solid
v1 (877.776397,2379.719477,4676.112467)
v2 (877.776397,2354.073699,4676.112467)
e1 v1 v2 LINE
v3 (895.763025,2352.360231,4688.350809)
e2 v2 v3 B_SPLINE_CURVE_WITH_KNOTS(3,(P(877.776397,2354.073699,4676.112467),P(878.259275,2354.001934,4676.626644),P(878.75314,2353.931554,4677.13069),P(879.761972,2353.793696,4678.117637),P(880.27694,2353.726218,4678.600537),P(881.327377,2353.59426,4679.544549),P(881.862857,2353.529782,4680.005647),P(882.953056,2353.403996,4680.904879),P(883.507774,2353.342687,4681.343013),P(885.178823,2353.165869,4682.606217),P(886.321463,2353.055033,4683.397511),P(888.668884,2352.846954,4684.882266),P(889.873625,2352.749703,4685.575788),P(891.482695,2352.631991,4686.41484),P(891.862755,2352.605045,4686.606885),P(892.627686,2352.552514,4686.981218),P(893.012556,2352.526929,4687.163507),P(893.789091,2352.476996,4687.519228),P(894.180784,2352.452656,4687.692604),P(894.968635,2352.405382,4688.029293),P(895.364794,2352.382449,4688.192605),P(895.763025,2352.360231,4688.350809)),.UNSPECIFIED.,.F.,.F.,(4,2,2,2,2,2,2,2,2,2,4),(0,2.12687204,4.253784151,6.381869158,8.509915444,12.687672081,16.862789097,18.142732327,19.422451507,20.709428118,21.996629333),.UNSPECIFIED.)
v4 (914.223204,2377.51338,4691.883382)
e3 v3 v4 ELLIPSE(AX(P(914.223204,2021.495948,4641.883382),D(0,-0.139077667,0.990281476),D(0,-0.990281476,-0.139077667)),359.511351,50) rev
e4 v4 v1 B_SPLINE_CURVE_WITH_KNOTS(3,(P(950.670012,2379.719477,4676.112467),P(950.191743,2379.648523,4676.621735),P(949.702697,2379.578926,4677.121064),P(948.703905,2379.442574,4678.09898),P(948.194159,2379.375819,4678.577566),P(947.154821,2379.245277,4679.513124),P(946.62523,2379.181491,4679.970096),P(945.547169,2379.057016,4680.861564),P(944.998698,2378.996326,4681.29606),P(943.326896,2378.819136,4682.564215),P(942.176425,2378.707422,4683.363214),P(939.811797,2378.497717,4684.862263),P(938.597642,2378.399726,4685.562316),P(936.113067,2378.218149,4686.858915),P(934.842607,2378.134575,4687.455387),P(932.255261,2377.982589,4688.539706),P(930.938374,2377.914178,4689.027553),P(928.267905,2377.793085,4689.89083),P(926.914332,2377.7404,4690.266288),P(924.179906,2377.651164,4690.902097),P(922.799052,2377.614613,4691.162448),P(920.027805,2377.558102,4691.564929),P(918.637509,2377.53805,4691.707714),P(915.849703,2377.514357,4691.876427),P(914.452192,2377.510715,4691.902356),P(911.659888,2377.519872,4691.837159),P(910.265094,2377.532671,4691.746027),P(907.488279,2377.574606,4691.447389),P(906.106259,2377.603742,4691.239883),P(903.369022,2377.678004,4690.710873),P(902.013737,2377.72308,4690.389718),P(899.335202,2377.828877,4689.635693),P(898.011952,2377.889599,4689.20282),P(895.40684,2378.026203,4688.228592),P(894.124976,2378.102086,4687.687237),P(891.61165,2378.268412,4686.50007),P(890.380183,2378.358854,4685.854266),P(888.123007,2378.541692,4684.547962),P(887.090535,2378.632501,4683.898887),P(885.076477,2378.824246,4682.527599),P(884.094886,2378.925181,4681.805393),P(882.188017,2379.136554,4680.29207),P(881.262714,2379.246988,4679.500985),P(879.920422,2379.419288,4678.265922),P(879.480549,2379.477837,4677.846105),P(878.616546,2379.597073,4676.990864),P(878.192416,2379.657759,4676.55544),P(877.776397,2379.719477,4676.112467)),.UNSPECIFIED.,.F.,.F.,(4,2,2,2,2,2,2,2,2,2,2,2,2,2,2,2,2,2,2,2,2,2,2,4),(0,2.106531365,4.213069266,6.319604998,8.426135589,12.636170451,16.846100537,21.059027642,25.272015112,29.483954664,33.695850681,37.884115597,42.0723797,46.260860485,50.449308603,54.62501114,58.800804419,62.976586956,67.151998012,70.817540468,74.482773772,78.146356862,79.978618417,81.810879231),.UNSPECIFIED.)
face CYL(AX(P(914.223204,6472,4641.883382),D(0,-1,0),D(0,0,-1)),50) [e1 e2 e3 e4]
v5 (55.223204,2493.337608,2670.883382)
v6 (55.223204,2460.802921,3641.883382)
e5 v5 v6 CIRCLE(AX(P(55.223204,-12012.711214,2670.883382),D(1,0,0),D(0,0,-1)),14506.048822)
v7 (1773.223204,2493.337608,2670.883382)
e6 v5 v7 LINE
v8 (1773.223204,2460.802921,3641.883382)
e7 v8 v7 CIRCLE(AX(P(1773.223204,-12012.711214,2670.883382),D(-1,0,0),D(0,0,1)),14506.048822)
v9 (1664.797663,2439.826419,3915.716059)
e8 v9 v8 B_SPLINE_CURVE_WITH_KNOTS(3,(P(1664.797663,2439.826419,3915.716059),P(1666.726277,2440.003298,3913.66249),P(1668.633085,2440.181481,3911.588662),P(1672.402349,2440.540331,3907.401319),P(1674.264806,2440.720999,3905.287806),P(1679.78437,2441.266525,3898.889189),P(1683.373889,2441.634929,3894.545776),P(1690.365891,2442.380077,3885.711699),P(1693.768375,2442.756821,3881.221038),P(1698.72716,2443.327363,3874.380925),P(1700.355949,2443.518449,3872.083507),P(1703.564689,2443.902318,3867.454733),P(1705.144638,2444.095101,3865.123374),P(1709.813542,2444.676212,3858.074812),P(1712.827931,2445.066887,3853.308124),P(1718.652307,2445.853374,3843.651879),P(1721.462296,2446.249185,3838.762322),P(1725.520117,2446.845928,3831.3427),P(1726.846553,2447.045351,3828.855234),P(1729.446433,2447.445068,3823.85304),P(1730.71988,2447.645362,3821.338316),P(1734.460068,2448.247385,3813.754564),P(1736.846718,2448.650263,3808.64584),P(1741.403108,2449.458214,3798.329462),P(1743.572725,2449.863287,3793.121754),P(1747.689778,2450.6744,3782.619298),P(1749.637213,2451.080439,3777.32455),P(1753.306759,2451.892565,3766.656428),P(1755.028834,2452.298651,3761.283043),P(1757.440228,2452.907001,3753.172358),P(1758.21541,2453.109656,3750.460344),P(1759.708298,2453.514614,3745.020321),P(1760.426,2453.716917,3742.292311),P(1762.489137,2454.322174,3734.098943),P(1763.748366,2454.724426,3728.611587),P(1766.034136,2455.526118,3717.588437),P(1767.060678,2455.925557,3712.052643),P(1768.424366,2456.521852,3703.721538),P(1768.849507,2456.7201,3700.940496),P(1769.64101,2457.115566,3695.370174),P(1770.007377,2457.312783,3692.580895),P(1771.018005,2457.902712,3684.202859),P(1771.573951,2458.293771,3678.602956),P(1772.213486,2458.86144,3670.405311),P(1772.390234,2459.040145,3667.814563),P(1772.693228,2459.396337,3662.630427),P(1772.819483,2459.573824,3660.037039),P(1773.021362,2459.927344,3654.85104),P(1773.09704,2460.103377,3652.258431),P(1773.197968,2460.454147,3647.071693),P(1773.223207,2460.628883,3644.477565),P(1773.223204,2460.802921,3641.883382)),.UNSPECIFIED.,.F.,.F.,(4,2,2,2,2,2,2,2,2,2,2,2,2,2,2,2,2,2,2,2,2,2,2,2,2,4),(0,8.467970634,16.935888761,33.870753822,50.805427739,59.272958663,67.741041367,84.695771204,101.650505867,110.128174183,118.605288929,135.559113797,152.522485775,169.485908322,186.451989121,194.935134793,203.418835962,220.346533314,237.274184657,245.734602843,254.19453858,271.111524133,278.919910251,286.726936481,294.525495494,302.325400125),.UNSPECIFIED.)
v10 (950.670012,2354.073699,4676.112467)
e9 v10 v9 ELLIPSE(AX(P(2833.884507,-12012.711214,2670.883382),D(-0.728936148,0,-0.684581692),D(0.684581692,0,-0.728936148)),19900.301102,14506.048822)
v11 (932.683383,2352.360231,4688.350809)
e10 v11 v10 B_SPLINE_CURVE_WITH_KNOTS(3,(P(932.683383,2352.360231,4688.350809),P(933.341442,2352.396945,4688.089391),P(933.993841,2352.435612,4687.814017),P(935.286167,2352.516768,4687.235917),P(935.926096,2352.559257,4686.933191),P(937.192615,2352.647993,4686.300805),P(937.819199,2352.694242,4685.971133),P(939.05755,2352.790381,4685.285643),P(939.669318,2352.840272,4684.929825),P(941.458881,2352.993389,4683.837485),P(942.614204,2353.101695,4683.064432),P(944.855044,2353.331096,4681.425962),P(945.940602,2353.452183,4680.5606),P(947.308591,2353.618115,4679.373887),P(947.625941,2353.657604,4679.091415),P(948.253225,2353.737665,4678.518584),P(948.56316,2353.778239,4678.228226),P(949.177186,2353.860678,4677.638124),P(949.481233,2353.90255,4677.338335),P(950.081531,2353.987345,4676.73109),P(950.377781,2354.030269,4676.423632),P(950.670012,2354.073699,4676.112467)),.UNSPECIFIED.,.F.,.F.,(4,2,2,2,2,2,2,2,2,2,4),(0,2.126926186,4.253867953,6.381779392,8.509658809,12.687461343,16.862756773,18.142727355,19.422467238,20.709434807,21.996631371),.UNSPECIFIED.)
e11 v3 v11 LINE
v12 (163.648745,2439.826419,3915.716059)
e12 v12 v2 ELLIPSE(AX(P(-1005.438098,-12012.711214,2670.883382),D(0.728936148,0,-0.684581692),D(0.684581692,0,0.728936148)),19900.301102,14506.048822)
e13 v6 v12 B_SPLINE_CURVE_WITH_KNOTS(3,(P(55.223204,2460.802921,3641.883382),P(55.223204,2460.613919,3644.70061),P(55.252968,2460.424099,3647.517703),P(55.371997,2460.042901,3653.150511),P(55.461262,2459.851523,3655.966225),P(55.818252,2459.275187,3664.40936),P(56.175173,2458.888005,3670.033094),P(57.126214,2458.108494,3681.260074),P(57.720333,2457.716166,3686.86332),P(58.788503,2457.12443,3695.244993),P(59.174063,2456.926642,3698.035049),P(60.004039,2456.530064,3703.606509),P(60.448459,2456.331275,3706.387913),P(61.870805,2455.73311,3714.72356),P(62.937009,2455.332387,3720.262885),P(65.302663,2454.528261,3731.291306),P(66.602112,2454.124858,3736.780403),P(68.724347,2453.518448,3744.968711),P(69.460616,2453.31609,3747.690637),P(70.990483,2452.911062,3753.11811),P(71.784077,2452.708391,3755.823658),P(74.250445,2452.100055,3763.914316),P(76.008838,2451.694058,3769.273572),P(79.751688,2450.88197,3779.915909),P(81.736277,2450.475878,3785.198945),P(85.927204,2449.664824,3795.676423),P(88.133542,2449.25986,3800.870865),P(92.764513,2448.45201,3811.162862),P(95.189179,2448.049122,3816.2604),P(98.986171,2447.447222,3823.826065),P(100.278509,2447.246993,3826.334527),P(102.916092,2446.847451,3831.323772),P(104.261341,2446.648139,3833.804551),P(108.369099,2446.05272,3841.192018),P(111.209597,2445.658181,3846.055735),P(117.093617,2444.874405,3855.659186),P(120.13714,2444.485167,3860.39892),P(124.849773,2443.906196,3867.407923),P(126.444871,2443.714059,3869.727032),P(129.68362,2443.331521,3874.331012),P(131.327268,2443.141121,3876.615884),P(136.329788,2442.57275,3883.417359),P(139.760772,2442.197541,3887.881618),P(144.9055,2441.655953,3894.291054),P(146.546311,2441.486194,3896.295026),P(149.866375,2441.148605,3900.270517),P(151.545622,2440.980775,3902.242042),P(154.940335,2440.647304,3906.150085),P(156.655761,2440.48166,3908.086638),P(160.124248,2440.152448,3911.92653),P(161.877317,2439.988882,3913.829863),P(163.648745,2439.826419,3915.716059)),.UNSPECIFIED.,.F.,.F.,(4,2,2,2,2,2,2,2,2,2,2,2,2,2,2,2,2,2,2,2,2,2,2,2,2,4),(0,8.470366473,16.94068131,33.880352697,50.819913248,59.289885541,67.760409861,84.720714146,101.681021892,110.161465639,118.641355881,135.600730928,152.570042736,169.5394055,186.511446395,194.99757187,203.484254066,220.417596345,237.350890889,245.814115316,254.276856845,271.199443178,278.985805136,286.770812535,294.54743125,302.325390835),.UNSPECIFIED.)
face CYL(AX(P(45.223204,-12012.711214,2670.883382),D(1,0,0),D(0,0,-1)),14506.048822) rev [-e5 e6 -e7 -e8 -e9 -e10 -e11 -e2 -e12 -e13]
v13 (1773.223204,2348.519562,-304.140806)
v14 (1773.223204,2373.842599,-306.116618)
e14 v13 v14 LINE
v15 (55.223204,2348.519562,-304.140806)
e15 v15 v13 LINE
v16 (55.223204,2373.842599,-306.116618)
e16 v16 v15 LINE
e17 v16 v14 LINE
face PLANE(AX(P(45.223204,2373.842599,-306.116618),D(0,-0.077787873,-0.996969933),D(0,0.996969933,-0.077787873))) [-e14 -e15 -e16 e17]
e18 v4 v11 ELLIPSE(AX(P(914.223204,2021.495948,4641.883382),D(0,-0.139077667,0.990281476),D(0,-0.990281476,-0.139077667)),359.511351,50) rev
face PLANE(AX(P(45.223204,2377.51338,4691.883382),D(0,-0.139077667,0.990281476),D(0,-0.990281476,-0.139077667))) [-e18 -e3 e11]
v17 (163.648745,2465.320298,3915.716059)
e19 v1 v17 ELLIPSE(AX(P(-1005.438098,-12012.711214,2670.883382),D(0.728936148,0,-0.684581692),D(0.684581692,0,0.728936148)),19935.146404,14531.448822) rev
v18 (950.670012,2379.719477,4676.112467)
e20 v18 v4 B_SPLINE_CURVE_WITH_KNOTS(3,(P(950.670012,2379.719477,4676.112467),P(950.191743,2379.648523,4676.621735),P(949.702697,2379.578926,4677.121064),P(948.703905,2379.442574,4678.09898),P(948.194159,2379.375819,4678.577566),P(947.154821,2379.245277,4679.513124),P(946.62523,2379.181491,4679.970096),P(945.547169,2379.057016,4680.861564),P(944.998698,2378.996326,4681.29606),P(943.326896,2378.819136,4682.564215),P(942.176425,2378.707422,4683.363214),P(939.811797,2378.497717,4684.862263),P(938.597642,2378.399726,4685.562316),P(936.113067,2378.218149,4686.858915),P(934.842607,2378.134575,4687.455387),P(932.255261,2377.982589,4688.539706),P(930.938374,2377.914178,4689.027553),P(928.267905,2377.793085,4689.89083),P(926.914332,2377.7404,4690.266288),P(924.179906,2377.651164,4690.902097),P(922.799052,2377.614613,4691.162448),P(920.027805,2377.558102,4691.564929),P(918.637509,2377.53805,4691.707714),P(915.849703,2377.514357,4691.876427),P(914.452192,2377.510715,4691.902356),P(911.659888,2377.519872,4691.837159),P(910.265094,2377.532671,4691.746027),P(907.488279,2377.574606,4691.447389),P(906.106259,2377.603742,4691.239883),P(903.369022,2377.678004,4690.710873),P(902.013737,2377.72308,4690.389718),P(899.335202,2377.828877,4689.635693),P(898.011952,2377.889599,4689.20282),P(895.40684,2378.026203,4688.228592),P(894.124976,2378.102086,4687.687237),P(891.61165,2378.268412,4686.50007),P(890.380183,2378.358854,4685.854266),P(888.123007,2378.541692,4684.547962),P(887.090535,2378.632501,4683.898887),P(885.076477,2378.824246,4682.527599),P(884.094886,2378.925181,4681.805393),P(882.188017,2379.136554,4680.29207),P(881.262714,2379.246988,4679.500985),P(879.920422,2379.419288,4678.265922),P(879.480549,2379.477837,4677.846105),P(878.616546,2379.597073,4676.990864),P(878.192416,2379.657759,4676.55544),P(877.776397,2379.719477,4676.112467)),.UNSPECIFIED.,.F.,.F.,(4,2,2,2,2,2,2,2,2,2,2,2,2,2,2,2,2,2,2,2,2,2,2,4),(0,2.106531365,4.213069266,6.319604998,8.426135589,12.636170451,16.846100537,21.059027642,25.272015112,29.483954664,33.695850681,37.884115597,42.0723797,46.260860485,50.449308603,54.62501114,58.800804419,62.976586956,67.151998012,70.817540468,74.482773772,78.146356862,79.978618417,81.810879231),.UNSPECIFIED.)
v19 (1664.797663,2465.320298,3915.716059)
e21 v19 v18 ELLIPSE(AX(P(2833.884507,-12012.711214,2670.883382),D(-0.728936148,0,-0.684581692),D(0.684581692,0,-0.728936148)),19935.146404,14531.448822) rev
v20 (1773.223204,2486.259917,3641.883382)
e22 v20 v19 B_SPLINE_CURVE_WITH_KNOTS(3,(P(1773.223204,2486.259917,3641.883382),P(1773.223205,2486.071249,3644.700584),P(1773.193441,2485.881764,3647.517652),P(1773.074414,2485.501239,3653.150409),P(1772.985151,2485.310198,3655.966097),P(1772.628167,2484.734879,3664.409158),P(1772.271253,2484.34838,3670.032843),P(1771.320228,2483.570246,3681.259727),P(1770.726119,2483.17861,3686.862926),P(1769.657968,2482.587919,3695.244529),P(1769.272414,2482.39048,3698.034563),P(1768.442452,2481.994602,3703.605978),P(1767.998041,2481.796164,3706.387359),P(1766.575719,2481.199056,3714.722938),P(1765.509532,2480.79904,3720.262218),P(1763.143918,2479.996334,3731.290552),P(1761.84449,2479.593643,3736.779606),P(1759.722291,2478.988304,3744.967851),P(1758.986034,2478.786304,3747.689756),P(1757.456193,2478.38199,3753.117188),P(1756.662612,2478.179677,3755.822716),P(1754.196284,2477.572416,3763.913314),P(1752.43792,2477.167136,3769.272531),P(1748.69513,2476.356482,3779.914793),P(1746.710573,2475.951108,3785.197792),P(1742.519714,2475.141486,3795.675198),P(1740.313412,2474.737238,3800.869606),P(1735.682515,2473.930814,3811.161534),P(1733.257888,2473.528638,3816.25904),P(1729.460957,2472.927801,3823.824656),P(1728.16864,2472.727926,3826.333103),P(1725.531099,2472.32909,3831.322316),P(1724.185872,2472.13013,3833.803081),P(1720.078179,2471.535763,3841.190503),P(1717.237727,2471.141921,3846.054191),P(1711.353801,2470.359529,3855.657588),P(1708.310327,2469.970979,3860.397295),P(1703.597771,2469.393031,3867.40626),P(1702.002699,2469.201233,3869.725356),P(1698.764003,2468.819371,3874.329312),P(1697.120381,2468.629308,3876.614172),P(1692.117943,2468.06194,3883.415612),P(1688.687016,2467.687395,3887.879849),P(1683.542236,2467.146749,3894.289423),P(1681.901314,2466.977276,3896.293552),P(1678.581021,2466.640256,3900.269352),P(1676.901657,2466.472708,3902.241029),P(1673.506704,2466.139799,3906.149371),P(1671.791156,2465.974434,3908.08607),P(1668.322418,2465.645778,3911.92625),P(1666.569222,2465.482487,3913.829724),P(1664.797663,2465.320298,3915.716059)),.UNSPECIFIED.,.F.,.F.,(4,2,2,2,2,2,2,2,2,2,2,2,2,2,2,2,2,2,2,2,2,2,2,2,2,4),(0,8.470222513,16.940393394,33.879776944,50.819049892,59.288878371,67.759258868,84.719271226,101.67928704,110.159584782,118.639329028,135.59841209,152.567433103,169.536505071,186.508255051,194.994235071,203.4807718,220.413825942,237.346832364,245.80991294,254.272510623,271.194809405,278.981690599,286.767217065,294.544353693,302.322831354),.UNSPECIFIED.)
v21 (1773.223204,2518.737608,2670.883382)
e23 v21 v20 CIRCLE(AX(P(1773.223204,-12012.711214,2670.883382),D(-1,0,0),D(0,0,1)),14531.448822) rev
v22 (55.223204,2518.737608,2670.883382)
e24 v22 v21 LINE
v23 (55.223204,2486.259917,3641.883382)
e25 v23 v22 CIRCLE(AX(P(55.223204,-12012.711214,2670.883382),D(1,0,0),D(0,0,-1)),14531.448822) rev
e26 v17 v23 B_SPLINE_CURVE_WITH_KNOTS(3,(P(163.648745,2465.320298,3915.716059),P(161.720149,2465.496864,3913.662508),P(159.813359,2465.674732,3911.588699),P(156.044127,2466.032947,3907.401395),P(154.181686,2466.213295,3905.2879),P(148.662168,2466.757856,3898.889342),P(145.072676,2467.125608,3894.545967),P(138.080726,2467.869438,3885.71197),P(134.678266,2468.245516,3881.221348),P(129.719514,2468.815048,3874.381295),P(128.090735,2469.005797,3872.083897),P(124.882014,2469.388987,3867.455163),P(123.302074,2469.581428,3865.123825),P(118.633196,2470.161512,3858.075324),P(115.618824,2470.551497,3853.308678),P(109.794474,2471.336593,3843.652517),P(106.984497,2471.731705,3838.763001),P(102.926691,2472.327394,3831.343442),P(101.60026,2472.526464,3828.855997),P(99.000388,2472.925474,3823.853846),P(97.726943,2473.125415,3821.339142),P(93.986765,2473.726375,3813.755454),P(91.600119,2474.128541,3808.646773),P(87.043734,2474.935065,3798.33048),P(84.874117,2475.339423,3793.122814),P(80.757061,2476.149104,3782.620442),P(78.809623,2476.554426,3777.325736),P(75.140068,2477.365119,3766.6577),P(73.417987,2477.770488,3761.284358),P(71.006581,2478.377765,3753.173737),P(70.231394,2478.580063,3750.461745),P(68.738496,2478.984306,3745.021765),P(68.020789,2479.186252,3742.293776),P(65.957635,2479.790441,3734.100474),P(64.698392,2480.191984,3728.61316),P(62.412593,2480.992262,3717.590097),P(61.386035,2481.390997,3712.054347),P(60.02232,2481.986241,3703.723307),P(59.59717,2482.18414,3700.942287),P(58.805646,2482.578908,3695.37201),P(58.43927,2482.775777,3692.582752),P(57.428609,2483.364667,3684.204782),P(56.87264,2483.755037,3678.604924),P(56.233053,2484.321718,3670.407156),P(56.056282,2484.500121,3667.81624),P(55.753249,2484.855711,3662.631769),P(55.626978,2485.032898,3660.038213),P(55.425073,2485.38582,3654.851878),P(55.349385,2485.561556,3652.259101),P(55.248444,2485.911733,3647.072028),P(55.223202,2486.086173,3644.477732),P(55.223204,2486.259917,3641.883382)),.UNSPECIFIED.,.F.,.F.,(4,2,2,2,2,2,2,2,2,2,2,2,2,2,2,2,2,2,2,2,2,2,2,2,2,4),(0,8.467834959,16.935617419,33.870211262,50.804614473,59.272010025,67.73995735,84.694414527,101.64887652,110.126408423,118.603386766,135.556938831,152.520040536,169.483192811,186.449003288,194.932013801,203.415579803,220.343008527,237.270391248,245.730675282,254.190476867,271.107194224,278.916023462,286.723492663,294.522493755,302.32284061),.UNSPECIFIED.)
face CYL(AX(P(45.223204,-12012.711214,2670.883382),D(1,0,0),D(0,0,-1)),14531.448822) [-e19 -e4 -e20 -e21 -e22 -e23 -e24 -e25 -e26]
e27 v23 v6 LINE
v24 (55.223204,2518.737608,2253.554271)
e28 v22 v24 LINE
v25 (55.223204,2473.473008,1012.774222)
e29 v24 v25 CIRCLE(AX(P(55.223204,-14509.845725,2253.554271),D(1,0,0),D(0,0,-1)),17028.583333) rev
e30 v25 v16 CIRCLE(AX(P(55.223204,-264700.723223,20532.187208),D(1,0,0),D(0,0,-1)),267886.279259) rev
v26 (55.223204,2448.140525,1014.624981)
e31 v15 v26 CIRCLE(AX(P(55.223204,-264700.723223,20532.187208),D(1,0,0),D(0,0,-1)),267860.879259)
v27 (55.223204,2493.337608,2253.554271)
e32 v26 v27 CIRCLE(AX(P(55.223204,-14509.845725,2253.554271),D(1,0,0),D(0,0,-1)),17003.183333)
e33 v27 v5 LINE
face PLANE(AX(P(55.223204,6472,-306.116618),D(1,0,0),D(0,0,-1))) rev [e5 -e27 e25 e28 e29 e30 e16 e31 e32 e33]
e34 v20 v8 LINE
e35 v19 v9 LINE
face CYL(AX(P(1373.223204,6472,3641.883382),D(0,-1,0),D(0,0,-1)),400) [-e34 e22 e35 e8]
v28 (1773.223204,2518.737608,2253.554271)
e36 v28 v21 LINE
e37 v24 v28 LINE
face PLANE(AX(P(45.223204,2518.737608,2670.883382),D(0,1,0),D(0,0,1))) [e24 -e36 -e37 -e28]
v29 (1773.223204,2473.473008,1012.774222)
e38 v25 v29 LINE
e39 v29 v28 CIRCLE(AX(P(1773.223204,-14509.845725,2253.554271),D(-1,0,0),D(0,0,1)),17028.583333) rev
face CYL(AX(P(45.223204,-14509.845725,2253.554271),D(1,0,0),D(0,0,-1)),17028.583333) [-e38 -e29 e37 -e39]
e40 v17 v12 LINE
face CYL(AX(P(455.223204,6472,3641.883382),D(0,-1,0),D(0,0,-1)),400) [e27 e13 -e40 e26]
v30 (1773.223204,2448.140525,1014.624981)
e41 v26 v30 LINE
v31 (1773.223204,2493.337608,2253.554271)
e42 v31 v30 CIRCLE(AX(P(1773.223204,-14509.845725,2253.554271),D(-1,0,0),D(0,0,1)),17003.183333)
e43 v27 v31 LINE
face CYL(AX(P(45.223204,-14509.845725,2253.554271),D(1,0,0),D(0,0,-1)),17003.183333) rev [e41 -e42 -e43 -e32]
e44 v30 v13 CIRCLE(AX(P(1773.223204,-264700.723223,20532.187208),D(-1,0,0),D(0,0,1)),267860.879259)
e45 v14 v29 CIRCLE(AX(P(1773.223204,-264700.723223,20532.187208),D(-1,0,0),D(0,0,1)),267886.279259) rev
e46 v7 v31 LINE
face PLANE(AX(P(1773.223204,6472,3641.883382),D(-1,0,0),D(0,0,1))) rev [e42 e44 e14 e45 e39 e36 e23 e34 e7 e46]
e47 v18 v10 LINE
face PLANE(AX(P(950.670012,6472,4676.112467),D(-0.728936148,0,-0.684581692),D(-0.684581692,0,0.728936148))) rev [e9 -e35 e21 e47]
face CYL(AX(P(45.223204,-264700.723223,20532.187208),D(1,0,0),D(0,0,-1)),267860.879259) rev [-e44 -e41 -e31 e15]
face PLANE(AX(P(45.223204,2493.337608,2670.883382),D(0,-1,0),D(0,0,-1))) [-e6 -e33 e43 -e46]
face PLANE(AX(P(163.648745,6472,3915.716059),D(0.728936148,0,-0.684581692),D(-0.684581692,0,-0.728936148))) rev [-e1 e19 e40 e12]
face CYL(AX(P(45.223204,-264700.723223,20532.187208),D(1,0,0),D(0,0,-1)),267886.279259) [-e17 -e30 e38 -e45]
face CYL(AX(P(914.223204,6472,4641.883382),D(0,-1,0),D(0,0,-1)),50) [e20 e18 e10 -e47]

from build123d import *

# Parameters (mm, degrees)
BOSS_EXTRUDE1_DEPTH      = 1562
BOSS_EXTRUDE1_DEPTH_BACK = 176
SKETCH2_W                = 3363.575860712
SKETCH2_H                = 5970.454949978
CUT_EXTRUDE2_DEPTH       = 6472


with BuildPart() as part:
    # Sketch1 → Boss-Extrude1 (new, two sides: drawn at the far end of the back side and taken through both)
    with BuildSketch(Plane(origin=(221.223204368, 2174.889348435, 3089.353639068), x_dir=(0, 0, -1), z_dir=(1, 0, 0)).offset(-BOSS_EXTRUDE1_DEPTH_BACK)):
        with BuildLine():
            Line((418.470256952, 343.848259545), (835.79936838, 343.848259545))
            ThreePointArc((835.79936838, 343.848259545), (1134.545393582, 341.22748792), (1433.199462208, 333.365979742))
            ThreePointArc((1433.199462208, 333.365979742), (1566.571910766, 328.160677129), (1699.899462208, 321.910138249))
            ThreePointArc((1699.899462208, 321.910138249), (1888.304064269, 311.290467655), (2076.579417193, 298.58365992))
            ThreePointArc((2076.579417193, 298.58365992), (2736.086325953, 249.582434707), (3395.470256952, 198.953250272))
            Line((3395.470256952, 198.953250272), (3393.494444982, 173.63021398))
            ThreePointArc((3393.494444982, 173.63021398), (2734.173034363, 224.25459794), (2074.728657642, 273.251177036))
            ThreePointArc((2074.728657642, 273.251177036), (1886.73413806, 285.939031173), (1698.61056213, 296.542861364))
            ThreePointArc((1698.61056213, 296.542861364), (1565.481883357, 302.784076879), (1432.308374436, 307.981615212))
            ThreePointArc((1432.308374436, 307.981615212), (1134.099781114, 315.831397088), (835.79936838, 318.448259545))
            Line((835.79936838, 318.448259545), (418.470256952, 318.448259545))
            ThreePointArc((418.470256952, 318.448259545), (-592.723275589, 283.160995459), (-1598.997170307, 177.470882066))
            Line((-1598.997170307, 177.470882066), (-1602.529743048, 202.624031567))
            ThreePointArc((-1602.529743048, 202.624031567), (-594.493869087, 308.499207682), (418.470256952, 343.848259545))
        make_face()
    extrude(amount=BOSS_EXTRUDE1_DEPTH + BOSS_EXTRUDE1_DEPTH_BACK)

    # Sketch2 → Cut-Extrude2 (cut)
    with BuildSketch(Plane(origin=(0, 0, 0), x_dir=(1, 0, 0), z_dir=(0, 1, 0))):
        with Locations((788.511086427, -1905.513066648)):
            Rectangle(SKETCH2_W, SKETCH2_H)
        with BuildLine():
            Line((950.670011749, -4676.112466704), (1664.797663416, -3915.71605882))
            ThreePointArc((1664.797663416, -3915.71605882), (1745.130305415, -3789.142025972), (1773.223204368, -3641.883382116))
            Line((1773.223204368, -3641.883382116), (1773.223204368, 306.116617884))
            Line((1773.223204368, 306.116617884), (55.223204368, 306.116617884))
            Line((55.223204368, 306.116617884), (55.223204368, -3641.883382116))
            ThreePointArc((55.223204368, -3641.883382116), (83.31610332, -3789.142025972), (163.648745319, -3915.71605882))
            Line((163.648745319, -3915.71605882), (877.776396987, -4676.112466704))
            ThreePointArc((877.776396987, -4676.112466704), (914.223204368, -4691.883382116), (950.670011749, -4676.112466704))
        make_face(mode=Mode.SUBTRACT)
    extrude(amount=CUT_EXTRUDE2_DEPTH, mode=Mode.SUBTRACT)


solid = part.part
